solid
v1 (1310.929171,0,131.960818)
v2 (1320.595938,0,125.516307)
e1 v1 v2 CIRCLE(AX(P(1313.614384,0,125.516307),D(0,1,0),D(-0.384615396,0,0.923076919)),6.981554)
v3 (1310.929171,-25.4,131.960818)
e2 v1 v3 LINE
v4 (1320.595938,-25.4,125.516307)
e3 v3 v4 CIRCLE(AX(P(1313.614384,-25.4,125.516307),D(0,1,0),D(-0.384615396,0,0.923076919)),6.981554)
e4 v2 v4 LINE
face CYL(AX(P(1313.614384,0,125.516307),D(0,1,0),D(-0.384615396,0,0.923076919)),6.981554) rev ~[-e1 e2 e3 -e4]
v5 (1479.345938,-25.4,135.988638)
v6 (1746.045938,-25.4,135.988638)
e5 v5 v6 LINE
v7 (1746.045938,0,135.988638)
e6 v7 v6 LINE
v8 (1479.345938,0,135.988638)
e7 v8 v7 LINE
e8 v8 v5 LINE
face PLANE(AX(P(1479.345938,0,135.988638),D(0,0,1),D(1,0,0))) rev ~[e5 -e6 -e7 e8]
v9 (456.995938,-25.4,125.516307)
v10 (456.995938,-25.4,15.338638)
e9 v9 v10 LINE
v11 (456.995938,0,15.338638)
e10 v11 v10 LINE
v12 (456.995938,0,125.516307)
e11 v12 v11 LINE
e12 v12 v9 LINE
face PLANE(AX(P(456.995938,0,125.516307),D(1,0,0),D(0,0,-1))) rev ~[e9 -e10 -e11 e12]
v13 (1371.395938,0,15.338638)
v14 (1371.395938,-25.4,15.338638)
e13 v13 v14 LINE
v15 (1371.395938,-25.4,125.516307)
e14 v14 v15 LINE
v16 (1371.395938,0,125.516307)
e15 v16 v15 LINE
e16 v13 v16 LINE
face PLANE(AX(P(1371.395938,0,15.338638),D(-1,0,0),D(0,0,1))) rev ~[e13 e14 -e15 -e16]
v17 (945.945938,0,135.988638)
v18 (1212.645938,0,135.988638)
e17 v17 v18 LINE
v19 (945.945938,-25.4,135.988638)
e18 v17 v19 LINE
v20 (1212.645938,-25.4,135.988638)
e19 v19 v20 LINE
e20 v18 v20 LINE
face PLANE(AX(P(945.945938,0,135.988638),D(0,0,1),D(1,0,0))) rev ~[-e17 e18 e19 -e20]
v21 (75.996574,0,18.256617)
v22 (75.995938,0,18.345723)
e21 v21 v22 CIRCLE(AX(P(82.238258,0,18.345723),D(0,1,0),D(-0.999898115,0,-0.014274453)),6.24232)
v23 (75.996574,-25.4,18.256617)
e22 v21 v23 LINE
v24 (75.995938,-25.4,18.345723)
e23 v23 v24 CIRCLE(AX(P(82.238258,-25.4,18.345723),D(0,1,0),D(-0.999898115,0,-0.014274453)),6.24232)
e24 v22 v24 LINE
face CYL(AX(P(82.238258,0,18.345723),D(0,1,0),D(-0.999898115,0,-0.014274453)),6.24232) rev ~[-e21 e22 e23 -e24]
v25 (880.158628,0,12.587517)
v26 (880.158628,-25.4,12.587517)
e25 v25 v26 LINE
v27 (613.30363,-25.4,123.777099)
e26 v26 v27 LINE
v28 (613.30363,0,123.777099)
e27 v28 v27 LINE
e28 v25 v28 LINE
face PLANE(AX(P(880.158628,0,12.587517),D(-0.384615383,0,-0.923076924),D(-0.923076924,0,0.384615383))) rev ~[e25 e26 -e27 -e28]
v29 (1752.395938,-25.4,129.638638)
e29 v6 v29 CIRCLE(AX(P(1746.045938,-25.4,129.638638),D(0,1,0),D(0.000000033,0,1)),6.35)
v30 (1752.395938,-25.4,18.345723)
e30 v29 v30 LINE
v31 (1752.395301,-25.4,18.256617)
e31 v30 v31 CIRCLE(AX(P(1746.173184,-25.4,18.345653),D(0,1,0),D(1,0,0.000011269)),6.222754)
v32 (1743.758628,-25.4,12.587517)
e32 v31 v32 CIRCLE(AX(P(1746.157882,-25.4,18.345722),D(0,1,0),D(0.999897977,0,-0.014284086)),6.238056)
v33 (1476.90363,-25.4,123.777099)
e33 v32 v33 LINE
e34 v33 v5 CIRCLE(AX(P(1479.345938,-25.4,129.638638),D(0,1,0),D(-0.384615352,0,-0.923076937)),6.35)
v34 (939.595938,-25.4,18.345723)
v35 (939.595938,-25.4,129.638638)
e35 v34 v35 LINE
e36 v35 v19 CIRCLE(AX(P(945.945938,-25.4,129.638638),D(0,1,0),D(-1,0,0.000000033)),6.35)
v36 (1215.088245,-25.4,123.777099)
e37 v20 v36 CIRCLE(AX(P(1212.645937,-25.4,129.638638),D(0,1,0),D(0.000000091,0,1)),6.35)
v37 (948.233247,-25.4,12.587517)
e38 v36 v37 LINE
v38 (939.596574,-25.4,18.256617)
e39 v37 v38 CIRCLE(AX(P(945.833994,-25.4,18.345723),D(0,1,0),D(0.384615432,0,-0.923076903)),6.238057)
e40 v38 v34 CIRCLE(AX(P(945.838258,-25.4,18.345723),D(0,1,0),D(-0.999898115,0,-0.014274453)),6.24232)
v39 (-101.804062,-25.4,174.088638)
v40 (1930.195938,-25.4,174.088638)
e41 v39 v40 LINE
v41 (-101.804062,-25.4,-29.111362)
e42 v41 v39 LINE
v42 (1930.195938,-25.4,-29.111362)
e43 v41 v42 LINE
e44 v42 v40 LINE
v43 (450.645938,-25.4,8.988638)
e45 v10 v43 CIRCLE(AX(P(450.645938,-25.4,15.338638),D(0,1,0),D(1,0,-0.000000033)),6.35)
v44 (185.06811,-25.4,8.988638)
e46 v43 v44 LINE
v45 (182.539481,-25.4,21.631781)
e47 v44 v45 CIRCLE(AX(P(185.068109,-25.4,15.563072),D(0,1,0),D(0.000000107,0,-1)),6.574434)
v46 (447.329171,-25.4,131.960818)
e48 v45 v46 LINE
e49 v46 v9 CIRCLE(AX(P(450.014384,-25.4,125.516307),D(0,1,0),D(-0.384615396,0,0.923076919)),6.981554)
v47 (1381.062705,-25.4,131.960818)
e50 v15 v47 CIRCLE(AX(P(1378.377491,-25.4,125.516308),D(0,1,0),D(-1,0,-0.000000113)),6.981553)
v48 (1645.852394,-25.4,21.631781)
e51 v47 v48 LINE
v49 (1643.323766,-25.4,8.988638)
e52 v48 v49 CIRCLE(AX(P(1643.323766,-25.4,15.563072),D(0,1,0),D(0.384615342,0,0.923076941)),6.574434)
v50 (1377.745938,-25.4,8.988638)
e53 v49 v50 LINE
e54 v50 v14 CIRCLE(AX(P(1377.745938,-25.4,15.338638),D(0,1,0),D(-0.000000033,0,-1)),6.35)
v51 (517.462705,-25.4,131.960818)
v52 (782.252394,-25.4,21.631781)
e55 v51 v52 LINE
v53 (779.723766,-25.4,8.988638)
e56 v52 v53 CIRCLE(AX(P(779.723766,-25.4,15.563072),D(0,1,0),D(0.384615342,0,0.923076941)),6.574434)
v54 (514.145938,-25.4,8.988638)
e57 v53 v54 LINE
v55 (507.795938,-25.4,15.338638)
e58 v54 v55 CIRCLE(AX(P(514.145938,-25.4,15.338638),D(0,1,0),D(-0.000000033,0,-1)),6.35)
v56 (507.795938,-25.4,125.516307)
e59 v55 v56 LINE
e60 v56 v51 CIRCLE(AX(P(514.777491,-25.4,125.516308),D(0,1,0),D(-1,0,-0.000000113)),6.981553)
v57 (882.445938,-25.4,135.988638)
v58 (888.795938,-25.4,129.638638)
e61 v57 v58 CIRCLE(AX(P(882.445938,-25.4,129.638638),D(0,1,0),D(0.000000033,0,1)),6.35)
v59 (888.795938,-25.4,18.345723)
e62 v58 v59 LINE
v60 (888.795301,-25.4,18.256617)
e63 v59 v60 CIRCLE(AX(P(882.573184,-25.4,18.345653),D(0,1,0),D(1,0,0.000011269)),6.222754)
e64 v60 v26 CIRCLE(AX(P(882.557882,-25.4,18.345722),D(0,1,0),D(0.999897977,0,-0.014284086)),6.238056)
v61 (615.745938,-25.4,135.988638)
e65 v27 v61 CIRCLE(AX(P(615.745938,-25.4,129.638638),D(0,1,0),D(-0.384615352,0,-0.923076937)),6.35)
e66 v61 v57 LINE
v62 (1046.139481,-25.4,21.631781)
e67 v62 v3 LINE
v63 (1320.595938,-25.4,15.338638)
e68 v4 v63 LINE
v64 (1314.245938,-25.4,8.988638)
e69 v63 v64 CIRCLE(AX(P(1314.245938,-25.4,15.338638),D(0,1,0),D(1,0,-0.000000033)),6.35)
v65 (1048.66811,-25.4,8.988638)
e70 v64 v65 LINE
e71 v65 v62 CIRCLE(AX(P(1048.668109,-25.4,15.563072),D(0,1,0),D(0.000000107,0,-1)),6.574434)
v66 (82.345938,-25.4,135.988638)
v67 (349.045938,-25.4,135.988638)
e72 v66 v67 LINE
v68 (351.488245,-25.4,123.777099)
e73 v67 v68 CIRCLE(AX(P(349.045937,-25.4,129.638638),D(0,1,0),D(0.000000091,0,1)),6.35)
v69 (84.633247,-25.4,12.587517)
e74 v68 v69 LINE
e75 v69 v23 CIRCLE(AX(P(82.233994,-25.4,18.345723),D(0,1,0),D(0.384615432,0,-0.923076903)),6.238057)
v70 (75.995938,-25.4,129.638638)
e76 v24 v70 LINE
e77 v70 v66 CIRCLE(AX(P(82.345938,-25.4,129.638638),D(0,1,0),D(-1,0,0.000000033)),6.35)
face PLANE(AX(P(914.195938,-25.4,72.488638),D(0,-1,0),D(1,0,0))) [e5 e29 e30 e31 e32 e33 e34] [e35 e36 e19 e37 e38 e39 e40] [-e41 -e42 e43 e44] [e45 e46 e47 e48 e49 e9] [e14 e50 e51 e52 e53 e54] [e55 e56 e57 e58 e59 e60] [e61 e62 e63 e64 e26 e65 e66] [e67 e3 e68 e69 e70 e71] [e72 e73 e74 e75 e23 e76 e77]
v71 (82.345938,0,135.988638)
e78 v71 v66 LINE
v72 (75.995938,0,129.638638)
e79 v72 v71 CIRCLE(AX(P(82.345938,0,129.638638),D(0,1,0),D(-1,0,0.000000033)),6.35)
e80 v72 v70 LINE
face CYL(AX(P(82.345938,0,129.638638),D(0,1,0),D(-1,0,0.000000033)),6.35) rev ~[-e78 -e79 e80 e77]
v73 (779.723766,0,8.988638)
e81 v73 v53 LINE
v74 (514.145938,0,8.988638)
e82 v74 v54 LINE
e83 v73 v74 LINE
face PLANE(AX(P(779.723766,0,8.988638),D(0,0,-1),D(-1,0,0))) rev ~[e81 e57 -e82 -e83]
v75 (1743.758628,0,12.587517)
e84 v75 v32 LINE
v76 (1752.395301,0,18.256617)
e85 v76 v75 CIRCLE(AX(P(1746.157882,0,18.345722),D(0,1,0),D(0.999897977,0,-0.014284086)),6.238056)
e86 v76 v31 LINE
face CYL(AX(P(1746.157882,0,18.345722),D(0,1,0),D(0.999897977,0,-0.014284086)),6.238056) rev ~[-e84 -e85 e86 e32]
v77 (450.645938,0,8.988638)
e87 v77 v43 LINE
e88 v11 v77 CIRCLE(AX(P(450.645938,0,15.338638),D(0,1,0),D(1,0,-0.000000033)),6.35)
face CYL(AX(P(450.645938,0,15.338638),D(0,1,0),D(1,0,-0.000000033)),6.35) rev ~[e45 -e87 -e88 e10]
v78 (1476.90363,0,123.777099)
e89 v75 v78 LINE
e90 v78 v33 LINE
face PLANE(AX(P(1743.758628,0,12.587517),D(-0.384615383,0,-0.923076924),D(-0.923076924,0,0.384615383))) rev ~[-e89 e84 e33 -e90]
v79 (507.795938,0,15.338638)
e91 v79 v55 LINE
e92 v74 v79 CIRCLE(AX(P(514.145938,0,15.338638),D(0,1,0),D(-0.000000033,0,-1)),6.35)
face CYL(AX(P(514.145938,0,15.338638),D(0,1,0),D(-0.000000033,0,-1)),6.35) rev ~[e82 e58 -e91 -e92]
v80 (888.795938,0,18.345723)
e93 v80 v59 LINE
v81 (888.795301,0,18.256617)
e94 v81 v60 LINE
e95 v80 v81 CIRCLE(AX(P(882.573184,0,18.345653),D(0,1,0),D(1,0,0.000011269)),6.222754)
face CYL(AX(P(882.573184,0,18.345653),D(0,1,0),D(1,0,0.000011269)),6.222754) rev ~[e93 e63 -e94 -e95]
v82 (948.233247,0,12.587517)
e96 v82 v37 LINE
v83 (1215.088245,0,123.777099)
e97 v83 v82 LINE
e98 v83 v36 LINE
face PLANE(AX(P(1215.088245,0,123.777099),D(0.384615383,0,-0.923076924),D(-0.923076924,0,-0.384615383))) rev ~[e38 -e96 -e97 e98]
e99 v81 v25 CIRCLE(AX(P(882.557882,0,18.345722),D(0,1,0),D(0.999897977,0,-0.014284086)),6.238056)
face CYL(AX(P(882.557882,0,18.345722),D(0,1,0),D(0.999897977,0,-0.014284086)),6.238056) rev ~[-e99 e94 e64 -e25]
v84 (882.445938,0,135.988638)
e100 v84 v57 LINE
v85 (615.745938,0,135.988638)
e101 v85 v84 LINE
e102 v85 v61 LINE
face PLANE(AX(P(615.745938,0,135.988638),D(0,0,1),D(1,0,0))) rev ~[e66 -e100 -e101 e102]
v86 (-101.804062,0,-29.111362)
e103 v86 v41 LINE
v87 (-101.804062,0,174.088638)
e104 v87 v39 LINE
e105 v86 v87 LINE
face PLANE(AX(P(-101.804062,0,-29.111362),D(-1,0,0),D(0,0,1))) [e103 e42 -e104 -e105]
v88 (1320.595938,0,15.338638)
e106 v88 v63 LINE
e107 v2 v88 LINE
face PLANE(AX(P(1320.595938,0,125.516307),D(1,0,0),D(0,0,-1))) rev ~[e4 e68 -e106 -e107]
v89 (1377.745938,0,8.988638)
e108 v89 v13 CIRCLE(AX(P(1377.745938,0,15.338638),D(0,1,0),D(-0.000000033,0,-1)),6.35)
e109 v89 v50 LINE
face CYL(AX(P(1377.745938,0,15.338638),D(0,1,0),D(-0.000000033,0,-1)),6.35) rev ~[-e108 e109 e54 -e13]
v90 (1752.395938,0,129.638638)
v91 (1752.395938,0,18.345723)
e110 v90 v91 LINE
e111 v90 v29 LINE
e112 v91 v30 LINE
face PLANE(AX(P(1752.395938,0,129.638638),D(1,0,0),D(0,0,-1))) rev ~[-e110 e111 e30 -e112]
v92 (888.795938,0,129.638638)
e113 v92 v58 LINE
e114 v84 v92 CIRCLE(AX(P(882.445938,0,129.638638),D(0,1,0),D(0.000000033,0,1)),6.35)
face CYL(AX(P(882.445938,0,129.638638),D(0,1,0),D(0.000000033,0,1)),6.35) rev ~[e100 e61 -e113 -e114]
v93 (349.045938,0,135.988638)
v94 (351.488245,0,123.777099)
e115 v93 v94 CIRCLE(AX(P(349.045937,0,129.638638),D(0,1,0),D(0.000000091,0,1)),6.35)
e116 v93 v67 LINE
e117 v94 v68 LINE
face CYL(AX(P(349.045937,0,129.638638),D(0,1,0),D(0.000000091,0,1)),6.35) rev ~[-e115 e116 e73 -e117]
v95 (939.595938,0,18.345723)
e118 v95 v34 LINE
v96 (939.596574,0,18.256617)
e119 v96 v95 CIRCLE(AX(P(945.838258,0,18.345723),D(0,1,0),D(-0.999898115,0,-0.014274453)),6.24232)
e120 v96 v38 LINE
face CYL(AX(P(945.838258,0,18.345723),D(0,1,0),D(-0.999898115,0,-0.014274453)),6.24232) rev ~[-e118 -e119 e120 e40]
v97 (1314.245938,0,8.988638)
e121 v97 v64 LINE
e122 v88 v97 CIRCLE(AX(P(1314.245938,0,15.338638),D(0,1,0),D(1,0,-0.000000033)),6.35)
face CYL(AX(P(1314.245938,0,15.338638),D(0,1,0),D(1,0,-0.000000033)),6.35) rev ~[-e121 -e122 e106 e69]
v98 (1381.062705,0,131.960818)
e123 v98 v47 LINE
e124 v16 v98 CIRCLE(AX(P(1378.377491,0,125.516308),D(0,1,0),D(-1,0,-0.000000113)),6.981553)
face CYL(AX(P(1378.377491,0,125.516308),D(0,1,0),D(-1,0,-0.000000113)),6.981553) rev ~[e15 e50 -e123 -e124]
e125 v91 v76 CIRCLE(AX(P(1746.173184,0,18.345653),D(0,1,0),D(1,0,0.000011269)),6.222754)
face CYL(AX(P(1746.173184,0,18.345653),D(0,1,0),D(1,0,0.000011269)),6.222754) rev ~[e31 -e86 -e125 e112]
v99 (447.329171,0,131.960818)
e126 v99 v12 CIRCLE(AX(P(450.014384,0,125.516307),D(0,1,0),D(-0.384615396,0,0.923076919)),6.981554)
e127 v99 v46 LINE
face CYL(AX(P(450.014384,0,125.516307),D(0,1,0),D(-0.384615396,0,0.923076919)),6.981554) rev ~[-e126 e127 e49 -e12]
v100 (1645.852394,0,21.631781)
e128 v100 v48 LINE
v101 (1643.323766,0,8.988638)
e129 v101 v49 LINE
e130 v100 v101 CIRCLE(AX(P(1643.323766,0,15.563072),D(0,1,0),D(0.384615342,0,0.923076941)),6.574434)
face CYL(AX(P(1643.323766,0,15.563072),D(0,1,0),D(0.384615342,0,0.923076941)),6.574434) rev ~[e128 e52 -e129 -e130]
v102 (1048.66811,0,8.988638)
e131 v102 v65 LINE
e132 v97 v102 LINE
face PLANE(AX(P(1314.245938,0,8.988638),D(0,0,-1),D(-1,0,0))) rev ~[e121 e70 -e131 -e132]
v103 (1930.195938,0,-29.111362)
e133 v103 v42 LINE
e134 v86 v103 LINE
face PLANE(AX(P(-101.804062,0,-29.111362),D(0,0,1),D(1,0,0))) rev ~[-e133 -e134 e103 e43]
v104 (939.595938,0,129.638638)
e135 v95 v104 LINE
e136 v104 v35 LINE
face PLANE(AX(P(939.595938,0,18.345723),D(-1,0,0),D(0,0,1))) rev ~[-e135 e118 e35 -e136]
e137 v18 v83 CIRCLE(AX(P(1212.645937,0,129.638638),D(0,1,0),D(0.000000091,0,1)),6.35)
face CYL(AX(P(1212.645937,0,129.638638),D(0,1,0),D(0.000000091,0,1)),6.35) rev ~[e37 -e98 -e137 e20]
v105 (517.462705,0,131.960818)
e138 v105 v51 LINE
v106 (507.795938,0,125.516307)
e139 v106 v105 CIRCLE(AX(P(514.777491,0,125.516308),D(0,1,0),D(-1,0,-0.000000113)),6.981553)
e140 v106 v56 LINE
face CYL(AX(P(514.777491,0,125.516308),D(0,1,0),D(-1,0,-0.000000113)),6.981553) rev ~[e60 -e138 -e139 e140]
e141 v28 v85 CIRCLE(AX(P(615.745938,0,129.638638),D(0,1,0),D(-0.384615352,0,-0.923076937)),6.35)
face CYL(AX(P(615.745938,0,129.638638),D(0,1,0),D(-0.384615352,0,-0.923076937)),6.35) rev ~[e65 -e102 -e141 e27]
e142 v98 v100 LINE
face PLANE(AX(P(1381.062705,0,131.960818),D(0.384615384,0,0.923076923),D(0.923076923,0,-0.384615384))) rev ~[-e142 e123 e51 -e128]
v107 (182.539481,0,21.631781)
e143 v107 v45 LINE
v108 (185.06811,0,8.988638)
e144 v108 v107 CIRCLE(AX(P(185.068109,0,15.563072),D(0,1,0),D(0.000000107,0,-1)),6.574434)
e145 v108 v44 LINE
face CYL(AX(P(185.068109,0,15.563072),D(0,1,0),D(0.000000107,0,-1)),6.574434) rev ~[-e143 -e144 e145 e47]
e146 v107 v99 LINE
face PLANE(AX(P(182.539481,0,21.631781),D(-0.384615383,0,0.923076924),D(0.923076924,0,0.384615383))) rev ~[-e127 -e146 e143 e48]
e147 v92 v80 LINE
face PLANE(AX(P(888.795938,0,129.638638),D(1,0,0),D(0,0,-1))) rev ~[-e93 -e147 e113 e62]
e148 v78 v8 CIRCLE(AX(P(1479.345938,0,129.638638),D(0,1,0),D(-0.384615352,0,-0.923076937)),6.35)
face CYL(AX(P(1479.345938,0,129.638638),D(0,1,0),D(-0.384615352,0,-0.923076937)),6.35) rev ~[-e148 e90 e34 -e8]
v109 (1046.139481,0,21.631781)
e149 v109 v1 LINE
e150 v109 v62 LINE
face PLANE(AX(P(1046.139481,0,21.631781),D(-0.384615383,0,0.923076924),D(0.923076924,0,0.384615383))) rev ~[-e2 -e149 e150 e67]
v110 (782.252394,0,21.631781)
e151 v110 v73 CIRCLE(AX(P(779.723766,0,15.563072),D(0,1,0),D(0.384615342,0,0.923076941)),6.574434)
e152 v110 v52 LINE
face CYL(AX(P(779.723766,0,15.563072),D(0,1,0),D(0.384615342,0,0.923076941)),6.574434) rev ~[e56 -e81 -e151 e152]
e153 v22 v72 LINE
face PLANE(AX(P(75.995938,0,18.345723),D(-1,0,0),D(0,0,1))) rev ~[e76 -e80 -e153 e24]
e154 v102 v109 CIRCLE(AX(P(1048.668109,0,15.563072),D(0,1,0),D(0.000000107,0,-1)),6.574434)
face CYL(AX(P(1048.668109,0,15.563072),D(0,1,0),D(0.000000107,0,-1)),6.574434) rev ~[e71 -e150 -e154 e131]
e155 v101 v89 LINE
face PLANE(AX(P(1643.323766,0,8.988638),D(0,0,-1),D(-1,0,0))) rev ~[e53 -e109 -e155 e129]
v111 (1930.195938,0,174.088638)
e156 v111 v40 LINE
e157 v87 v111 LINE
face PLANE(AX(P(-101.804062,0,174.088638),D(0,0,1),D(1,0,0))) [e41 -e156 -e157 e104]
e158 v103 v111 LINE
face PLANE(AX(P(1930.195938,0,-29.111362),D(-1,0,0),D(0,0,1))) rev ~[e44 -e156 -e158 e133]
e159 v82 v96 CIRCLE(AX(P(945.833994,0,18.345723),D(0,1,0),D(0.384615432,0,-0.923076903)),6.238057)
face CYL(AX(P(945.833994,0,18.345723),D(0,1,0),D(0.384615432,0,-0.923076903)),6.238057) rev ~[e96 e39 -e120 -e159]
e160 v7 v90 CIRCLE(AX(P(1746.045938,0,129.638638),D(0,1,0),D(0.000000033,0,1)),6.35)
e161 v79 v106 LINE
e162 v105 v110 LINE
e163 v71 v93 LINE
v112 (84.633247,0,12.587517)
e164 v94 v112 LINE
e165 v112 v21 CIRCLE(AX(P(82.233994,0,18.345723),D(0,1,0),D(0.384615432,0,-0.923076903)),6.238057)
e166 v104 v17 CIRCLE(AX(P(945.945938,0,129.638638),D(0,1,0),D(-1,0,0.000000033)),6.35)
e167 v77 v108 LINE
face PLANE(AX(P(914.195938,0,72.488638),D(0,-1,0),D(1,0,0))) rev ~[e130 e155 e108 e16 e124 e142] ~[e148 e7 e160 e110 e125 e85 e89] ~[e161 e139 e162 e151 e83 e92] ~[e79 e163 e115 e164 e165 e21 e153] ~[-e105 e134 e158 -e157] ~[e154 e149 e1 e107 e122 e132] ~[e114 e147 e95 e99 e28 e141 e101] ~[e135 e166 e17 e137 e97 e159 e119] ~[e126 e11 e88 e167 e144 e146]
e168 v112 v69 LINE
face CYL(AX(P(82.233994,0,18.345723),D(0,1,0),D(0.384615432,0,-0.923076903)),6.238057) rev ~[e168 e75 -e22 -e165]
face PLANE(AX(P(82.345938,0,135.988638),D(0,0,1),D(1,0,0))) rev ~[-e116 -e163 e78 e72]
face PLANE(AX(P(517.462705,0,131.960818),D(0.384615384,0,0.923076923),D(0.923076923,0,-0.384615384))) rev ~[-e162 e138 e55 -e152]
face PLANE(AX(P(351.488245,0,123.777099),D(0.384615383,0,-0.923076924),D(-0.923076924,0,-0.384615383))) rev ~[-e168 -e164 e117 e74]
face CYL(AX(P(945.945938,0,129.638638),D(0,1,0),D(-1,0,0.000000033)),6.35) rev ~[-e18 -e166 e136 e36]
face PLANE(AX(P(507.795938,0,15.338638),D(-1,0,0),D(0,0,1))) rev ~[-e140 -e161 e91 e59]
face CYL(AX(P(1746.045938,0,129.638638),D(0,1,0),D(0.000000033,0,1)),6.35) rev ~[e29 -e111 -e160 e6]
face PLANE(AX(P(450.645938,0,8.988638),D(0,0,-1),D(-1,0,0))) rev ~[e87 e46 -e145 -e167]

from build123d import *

# Parameters (mm, degrees)
F0_W     = 2032
F0_H     = 203.2
F1_DEPTH = 25.4


with BuildPart() as f1:
    # F0 (on Front) → F1 (new body)
    with BuildSketch(Plane.XZ):
        with Locations((914.195938, 72.488638)):
            Rectangle(F0_W, F0_H)
        with BuildLine():
            ThreePointArc((456.995938, 15.338638), (455.136066, 10.84851), (450.645938, 8.988638))
            Line((450.645938, 8.988638), (185.06811, 8.988638))
            ThreePointArc((185.06811, 8.988638), (178.621346, 14.27372), (182.539481, 21.631781))
            Line((182.539481, 21.631781), (447.329171, 131.960818))
            ThreePointArc((447.329171, 131.960818), (453.887053, 131.325311), (456.995938, 125.516307))
            Line((456.995938, 125.516307), (456.995938, 15.338638))
        make_face(mode=Mode.SUBTRACT)
        with BuildLine():
            Line((517.462705, 131.960818), (782.252394, 21.631781))
            ThreePointArc((782.252394, 21.631781), (786.170529, 14.27372), (779.723766, 8.988638))
            Line((779.723766, 8.988638), (514.145938, 8.988638))
            ThreePointArc((514.145938, 8.988638), (509.65581, 10.84851), (507.795938, 15.338638))
            Line((507.795938, 15.338638), (507.795938, 125.516307))
            ThreePointArc((507.795938, 125.516307), (510.904822, 131.325311), (517.462705, 131.960818))
        make_face(mode=Mode.SUBTRACT)
        with BuildLine():
            ThreePointArc((1310.929171, 131.960818), (1317.487053, 131.325311), (1320.595938, 125.516307))
            Line((1320.595938, 125.516307), (1320.595938, 15.338638))
            ThreePointArc((1320.595938, 15.338638), (1318.736066, 10.84851), (1314.245938, 8.988638))
            Line((1314.245938, 8.988638), (1048.66811, 8.988638))
            ThreePointArc((1048.66811, 8.988638), (1042.221346, 14.27372), (1046.139481, 21.631781))
            Line((1046.139481, 21.631781), (1310.929171, 131.960818))
        make_face(mode=Mode.SUBTRACT)
        with BuildLine():
            Line((1643.323766, 8.988638), (1377.745938, 8.988638))
            ThreePointArc((1377.745938, 8.988638), (1373.25581, 10.84851), (1371.395938, 15.338638))
            Line((1371.395938, 15.338638), (1371.395938, 125.516307))
            ThreePointArc((1371.395938, 125.516307), (1374.504822, 131.325311), (1381.062705, 131.960818))
            Line((1381.062705, 131.960818), (1645.852394, 21.631781))
            ThreePointArc((1645.852394, 21.631781), (1649.770529, 14.27372), (1643.323766, 8.988638))
        make_face(mode=Mode.SUBTRACT)
        with BuildLine():
            ThreePointArc((75.996574, 18.256617), (75.996097, 18.301169), (75.995938, 18.345723))
            Line((75.995938, 18.345723), (75.995938, 129.638638))
            ThreePointArc((75.995938, 129.638638), (77.85581, 134.128766), (82.345938, 135.988638))
            Line((82.345938, 135.988638), (349.045938, 135.988638))
            ThreePointArc((349.045938, 135.988638), (355.272625, 130.883975), (351.488245, 123.777099))
            Line((351.488245, 123.777099), (84.633247, 12.587517))
            ThreePointArc((84.633247, 12.587517), (78.810903, 13.130764), (75.996574, 18.256617))
        make_face(mode=Mode.SUBTRACT)
        with BuildLine():
            Line((615.745938, 135.988638), (882.445938, 135.988638))
            ThreePointArc((882.445938, 135.988638), (886.936066, 134.128766), (888.795938, 129.638638))
            Line((888.795938, 129.638638), (888.795938, 18.345723))
            ThreePointArc((888.795938, 18.345723), (888.795779, 18.301169), (888.795301, 18.256617))
            ThreePointArc((888.795301, 18.256617), (885.980973, 13.130764), (880.158628, 12.587517))
            Line((880.158628, 12.587517), (613.30363, 123.777099))
            ThreePointArc((613.30363, 123.777099), (609.51925, 130.883975), (615.745938, 135.988638))
        make_face(mode=Mode.SUBTRACT)
        with BuildLine():
            Line((939.595938, 18.345723), (939.595938, 129.638638))
            ThreePointArc((939.595938, 129.638638), (941.45581, 134.128766), (945.945938, 135.988638))
            Line((945.945938, 135.988638), (1212.645938, 135.988638))
            ThreePointArc((1212.645938, 135.988638), (1218.872625, 130.883975), (1215.088245, 123.777099))
            Line((1215.088245, 123.777099), (948.233247, 12.587517))
            ThreePointArc((948.233247, 12.587517), (942.410903, 13.130764), (939.596574, 18.256617))
            ThreePointArc((939.596574, 18.256617), (939.596097, 18.301169), (939.595938, 18.345723))
        make_face(mode=Mode.SUBTRACT)
        with BuildLine():
            Line((1752.395938, 129.638638), (1752.395938, 18.345723))
            ThreePointArc((1752.395938, 18.345723), (1752.395779, 18.301169), (1752.395301, 18.256617))
            ThreePointArc((1752.395301, 18.256617), (1749.580973, 13.130764), (1743.758628, 12.587517))
            Line((1743.758628, 12.587517), (1476.90363, 123.777099))
            ThreePointArc((1476.90363, 123.777099), (1473.11925, 130.883975), (1479.345938, 135.988638))
            Line((1479.345938, 135.988638), (1746.045938, 135.988638))
            ThreePointArc((1746.045938, 135.988638), (1750.536066, 134.128766), (1752.395938, 129.638638))
        make_face(mode=Mode.SUBTRACT)
    extrude(amount=F1_DEPTH)


solid = f1.part
